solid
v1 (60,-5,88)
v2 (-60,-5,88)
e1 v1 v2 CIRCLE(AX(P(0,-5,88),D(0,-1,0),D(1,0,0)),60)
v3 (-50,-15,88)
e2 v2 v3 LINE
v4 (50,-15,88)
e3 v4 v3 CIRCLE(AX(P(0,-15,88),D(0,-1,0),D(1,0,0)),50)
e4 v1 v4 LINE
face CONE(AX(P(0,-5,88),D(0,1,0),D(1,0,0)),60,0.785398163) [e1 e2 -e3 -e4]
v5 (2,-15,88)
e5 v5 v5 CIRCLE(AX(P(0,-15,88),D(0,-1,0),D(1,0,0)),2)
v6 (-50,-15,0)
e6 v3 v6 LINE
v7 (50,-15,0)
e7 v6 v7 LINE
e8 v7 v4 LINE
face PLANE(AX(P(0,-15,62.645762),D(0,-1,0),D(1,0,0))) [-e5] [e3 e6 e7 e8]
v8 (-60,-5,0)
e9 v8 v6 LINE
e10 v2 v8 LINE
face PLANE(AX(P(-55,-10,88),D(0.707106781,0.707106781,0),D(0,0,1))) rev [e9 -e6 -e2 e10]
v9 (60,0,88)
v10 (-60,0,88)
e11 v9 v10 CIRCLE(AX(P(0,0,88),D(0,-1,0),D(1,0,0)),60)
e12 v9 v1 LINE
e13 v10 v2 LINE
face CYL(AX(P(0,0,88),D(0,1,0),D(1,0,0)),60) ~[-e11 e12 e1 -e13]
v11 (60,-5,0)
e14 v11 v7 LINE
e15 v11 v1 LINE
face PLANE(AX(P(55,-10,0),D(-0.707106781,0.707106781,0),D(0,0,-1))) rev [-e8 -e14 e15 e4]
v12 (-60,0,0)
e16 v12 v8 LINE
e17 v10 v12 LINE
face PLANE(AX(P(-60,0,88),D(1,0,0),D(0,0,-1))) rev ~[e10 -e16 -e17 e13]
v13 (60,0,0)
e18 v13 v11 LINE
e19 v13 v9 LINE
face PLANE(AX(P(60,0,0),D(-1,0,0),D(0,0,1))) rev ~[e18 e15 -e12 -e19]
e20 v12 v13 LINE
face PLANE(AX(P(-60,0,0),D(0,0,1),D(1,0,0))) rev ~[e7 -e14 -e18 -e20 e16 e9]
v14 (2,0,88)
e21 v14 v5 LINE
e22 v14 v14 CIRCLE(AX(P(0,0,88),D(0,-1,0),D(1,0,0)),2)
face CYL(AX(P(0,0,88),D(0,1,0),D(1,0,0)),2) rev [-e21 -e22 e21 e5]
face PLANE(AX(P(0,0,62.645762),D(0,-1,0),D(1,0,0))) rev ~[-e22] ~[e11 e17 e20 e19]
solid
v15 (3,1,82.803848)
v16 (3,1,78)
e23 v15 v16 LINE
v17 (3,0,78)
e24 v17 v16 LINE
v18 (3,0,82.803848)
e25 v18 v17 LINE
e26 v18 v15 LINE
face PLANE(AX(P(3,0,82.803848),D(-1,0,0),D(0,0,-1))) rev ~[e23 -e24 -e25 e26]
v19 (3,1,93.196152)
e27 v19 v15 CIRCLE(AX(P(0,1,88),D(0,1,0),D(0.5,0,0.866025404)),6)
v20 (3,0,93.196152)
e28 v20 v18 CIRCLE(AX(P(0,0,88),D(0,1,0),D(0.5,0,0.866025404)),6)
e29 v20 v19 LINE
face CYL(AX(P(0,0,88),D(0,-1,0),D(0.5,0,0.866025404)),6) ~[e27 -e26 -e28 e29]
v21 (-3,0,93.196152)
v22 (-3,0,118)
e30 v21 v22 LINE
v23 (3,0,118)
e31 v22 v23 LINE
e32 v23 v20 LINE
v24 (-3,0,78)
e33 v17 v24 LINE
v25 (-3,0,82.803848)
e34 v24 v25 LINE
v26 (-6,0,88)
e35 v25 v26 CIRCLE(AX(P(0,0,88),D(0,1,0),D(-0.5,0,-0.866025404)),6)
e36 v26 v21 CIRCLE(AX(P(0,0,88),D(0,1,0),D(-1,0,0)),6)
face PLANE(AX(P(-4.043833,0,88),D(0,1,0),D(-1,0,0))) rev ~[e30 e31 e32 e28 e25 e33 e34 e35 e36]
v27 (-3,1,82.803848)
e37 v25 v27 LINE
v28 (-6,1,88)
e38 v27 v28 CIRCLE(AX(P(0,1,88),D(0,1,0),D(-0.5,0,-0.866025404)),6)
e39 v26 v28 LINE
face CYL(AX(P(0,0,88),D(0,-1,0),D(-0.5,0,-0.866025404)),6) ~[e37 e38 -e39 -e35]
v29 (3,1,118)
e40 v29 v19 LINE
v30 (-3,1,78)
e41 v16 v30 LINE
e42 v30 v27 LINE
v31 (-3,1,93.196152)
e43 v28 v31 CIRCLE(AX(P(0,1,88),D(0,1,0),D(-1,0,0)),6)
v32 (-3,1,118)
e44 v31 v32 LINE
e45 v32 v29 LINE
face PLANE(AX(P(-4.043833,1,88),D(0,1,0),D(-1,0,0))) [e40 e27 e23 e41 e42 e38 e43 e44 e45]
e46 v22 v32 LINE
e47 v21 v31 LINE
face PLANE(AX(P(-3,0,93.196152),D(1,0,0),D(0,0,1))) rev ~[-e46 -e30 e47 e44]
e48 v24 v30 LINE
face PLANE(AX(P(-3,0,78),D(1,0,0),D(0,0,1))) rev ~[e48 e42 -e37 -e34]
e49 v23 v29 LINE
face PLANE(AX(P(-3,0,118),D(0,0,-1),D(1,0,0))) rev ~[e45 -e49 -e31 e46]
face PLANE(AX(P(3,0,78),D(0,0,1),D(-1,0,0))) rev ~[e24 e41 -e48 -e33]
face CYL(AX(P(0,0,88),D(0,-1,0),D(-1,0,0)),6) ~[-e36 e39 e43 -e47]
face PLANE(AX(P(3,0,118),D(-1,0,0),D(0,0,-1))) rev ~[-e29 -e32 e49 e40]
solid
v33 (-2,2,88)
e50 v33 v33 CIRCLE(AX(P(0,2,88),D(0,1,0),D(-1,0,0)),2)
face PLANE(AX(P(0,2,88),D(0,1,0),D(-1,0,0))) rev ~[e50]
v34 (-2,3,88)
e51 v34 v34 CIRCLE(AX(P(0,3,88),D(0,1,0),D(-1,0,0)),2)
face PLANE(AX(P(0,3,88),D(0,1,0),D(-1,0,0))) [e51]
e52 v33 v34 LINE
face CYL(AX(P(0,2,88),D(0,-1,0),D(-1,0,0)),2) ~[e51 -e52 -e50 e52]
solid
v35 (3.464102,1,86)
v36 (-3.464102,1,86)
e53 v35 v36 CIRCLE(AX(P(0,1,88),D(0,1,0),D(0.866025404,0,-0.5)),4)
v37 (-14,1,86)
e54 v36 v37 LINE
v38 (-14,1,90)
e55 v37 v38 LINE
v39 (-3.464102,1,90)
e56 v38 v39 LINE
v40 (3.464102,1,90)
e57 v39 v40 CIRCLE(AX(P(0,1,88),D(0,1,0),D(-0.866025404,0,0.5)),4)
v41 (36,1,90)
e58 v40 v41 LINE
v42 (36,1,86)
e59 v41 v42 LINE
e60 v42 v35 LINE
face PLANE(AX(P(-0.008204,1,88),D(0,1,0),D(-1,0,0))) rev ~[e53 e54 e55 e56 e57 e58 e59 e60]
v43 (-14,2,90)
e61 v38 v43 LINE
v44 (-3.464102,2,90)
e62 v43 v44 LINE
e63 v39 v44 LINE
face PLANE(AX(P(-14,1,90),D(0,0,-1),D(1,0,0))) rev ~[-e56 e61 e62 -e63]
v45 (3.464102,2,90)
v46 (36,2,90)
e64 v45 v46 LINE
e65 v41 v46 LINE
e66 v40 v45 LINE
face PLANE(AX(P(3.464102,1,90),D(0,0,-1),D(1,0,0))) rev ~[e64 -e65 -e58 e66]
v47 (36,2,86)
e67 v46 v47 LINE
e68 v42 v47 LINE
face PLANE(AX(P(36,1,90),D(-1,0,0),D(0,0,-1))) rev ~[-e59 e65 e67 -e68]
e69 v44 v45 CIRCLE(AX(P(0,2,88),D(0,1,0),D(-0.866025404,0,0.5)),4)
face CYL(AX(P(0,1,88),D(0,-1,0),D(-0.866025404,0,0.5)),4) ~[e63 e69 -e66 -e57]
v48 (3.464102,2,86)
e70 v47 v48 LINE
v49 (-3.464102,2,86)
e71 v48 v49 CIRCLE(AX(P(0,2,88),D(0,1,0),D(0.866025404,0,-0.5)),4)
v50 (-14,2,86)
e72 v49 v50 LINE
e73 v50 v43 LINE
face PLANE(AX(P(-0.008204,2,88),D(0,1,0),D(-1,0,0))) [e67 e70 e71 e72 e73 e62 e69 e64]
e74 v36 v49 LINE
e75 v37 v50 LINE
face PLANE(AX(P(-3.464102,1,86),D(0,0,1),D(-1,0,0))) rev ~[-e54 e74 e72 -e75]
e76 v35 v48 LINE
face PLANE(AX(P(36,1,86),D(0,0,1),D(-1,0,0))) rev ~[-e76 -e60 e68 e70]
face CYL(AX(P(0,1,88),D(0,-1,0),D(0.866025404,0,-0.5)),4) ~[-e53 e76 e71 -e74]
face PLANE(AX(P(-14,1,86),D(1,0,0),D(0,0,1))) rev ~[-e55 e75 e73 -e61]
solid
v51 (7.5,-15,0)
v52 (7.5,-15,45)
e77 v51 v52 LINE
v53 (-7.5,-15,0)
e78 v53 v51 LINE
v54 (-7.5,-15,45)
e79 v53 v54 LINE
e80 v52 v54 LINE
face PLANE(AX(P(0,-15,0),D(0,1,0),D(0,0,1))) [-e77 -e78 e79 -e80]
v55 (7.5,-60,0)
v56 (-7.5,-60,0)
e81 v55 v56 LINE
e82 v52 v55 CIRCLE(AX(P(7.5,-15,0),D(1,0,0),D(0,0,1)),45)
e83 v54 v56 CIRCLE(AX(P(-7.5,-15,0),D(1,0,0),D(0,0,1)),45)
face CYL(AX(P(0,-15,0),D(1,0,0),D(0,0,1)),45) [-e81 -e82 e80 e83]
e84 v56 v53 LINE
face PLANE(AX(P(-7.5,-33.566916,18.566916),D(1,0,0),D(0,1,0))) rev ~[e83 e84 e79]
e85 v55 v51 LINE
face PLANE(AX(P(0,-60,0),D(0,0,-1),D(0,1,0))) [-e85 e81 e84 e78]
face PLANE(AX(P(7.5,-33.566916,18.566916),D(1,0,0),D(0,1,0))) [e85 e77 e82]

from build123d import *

# Parameters (mm, degrees)
F0_R      = 2
F1_DEPTH  = 15
F4_DEPTH  = 1
F6_DEPTH  = 1
F7_R      = 2
F8_DEPTH  = 1
F9_SIZE   = 10
F11_DEPTH = 7.5


with BuildPart() as f1:
    # F0 (on Front) → F1 (new body)
    with BuildSketch(Plane.XZ):
        with BuildLine():
            Line((-60, 88), (-60, 0))
            Line((-60, 0), (60, 0))
            Line((60, 0), (60, 88))
            ThreePointArc((60, 88), (0, 148), (-60, 88))
        make_face()
        with Locations((0, 88)):
            Circle(F0_R, mode=Mode.SUBTRACT)
    extrude(amount=F1_DEPTH)

    # F9
    f9_edges = [f1.edges().sort_by_distance(p)[0] for p in [
        (0, -15, 148),
    ]]
    chamfer(f9_edges, length=F9_SIZE)


with BuildPart() as f4:
    # F3 (on face) → F4 (new body)
    with BuildSketch(Plane(origin=(0, 0, 0), x_dir=(-1, 0, 0), z_dir=(0, 1, 0))):
        with BuildLine():
            ThreePointArc((3, 82.8038475773), (5.1961524227, 85), (6, 88))
            ThreePointArc((6, 88), (5.1961524227, 91), (3, 93.1961524227))
            Line((3, 93.1961524227), (3, 82.8038475773))
        make_face()
        with BuildLine():
            Line((3, 82.8038475773), (3, 93.1961524227))
            ThreePointArc((3, 93.1961524227), (0, 94), (-3, 93.1961524227))
            Line((-3, 93.1961524227), (-3, 82.8038475773))
            ThreePointArc((-3, 82.8038475773), (0, 82), (3, 82.8038475773))
        make_face()
        with BuildLine():
            ThreePointArc((-3, 93.1961524227), (0, 94), (3, 93.1961524227))
            Line((3, 93.1961524227), (3, 118))
            Line((3, 118), (-3, 118))
            Line((-3, 118), (-3, 93.1961524227))
        make_face()
        with BuildLine():
            Line((3, 78), (3, 82.8038475773))
            ThreePointArc((3, 82.8038475773), (0, 82), (-3, 82.8038475773))
            Line((-3, 82.8038475773), (-3, 78))
            Line((-3, 78), (3, 78))
        make_face()
        with BuildLine():
            Line((-3, 82.8038475773), (-3, 93.1961524227))
            ThreePointArc((-3, 93.1961524227), (-6, 88), (-3, 82.8038475773))
        make_face()
    extrude(amount=F4_DEPTH)


with BuildPart() as f6:
    # F5 (on face) → F6 (new body)
    with BuildSketch(Plane(origin=(0, 1, 0), x_dir=(-1, 0, 0), z_dir=(0, 1, 0))):
        with BuildLine():
            ThreePointArc((3.4641016151, 86), (3.8637033052, 86.9647238196), (4, 88))
            ThreePointArc((4, 88), (3.8637033052, 89.0352761804), (3.4641016151, 90))
            Line((3.4641016151, 90), (-3.4641016151, 90))
            ThreePointArc((-3.4641016151, 90), (-4, 88), (-3.4641016151, 86))
            Line((-3.4641016151, 86), (3.4641016151, 86))
        make_face()
        with BuildLine():
            ThreePointArc((3.4641016151, 90), (3.8637033052, 89.0352761804), (4, 88))
            ThreePointArc((4, 88), (3.8637033052, 86.9647238196), (3.4641016151, 86))
            Line((3.4641016151, 86), (14, 86))
            Line((14, 86), (14, 90))
            Line((14, 90), (3.4641016151, 90))
        make_face()
        with BuildLine():
            Line((-3.4641016151, 90), (3.4641016151, 90))
            ThreePointArc((3.4641016151, 90), (0, 92), (-3.4641016151, 90))
        make_face()
        with BuildLine():
            ThreePointArc((-3.4641016151, 86), (0, 84), (3.4641016151, 86))
            Line((3.4641016151, 86), (-3.4641016151, 86))
        make_face()
        with BuildLine():
            ThreePointArc((-3.4641016151, 86), (-4, 88), (-3.4641016151, 90))
            Line((-3.4641016151, 90), (-36, 90))
            Line((-36, 90), (-36, 86))
            Line((-36, 86), (-3.4641016151, 86))
        make_face()
    extrude(amount=F6_DEPTH)


with BuildPart() as f8:
    # F7 (on face) → F8 (new body)
    with BuildSketch(Plane(origin=(0, 2, 0), x_dir=(-1, 0, 0), z_dir=(0, 1, 0))):
        with Locations((0, 88)):
            Circle(F7_R)
    extrude(amount=F8_DEPTH)


with BuildPart() as f11:
    # F10 (on Right) → F11 (new body, symmetric)
    with BuildSketch(Plane.YZ):
        with BuildLine():
            Line((-60, 0), (-15, 0))
            Line((-15, 0), (-15, 45))
            ThreePointArc((-15, 45), (-46.8198051534, 31.8198051534), (-60, 0))
        make_face()
    extrude(amount=F11_DEPTH, both=True)


solid = Compound([f1.part, f4.part, f6.part, f8.part, f11.part])
